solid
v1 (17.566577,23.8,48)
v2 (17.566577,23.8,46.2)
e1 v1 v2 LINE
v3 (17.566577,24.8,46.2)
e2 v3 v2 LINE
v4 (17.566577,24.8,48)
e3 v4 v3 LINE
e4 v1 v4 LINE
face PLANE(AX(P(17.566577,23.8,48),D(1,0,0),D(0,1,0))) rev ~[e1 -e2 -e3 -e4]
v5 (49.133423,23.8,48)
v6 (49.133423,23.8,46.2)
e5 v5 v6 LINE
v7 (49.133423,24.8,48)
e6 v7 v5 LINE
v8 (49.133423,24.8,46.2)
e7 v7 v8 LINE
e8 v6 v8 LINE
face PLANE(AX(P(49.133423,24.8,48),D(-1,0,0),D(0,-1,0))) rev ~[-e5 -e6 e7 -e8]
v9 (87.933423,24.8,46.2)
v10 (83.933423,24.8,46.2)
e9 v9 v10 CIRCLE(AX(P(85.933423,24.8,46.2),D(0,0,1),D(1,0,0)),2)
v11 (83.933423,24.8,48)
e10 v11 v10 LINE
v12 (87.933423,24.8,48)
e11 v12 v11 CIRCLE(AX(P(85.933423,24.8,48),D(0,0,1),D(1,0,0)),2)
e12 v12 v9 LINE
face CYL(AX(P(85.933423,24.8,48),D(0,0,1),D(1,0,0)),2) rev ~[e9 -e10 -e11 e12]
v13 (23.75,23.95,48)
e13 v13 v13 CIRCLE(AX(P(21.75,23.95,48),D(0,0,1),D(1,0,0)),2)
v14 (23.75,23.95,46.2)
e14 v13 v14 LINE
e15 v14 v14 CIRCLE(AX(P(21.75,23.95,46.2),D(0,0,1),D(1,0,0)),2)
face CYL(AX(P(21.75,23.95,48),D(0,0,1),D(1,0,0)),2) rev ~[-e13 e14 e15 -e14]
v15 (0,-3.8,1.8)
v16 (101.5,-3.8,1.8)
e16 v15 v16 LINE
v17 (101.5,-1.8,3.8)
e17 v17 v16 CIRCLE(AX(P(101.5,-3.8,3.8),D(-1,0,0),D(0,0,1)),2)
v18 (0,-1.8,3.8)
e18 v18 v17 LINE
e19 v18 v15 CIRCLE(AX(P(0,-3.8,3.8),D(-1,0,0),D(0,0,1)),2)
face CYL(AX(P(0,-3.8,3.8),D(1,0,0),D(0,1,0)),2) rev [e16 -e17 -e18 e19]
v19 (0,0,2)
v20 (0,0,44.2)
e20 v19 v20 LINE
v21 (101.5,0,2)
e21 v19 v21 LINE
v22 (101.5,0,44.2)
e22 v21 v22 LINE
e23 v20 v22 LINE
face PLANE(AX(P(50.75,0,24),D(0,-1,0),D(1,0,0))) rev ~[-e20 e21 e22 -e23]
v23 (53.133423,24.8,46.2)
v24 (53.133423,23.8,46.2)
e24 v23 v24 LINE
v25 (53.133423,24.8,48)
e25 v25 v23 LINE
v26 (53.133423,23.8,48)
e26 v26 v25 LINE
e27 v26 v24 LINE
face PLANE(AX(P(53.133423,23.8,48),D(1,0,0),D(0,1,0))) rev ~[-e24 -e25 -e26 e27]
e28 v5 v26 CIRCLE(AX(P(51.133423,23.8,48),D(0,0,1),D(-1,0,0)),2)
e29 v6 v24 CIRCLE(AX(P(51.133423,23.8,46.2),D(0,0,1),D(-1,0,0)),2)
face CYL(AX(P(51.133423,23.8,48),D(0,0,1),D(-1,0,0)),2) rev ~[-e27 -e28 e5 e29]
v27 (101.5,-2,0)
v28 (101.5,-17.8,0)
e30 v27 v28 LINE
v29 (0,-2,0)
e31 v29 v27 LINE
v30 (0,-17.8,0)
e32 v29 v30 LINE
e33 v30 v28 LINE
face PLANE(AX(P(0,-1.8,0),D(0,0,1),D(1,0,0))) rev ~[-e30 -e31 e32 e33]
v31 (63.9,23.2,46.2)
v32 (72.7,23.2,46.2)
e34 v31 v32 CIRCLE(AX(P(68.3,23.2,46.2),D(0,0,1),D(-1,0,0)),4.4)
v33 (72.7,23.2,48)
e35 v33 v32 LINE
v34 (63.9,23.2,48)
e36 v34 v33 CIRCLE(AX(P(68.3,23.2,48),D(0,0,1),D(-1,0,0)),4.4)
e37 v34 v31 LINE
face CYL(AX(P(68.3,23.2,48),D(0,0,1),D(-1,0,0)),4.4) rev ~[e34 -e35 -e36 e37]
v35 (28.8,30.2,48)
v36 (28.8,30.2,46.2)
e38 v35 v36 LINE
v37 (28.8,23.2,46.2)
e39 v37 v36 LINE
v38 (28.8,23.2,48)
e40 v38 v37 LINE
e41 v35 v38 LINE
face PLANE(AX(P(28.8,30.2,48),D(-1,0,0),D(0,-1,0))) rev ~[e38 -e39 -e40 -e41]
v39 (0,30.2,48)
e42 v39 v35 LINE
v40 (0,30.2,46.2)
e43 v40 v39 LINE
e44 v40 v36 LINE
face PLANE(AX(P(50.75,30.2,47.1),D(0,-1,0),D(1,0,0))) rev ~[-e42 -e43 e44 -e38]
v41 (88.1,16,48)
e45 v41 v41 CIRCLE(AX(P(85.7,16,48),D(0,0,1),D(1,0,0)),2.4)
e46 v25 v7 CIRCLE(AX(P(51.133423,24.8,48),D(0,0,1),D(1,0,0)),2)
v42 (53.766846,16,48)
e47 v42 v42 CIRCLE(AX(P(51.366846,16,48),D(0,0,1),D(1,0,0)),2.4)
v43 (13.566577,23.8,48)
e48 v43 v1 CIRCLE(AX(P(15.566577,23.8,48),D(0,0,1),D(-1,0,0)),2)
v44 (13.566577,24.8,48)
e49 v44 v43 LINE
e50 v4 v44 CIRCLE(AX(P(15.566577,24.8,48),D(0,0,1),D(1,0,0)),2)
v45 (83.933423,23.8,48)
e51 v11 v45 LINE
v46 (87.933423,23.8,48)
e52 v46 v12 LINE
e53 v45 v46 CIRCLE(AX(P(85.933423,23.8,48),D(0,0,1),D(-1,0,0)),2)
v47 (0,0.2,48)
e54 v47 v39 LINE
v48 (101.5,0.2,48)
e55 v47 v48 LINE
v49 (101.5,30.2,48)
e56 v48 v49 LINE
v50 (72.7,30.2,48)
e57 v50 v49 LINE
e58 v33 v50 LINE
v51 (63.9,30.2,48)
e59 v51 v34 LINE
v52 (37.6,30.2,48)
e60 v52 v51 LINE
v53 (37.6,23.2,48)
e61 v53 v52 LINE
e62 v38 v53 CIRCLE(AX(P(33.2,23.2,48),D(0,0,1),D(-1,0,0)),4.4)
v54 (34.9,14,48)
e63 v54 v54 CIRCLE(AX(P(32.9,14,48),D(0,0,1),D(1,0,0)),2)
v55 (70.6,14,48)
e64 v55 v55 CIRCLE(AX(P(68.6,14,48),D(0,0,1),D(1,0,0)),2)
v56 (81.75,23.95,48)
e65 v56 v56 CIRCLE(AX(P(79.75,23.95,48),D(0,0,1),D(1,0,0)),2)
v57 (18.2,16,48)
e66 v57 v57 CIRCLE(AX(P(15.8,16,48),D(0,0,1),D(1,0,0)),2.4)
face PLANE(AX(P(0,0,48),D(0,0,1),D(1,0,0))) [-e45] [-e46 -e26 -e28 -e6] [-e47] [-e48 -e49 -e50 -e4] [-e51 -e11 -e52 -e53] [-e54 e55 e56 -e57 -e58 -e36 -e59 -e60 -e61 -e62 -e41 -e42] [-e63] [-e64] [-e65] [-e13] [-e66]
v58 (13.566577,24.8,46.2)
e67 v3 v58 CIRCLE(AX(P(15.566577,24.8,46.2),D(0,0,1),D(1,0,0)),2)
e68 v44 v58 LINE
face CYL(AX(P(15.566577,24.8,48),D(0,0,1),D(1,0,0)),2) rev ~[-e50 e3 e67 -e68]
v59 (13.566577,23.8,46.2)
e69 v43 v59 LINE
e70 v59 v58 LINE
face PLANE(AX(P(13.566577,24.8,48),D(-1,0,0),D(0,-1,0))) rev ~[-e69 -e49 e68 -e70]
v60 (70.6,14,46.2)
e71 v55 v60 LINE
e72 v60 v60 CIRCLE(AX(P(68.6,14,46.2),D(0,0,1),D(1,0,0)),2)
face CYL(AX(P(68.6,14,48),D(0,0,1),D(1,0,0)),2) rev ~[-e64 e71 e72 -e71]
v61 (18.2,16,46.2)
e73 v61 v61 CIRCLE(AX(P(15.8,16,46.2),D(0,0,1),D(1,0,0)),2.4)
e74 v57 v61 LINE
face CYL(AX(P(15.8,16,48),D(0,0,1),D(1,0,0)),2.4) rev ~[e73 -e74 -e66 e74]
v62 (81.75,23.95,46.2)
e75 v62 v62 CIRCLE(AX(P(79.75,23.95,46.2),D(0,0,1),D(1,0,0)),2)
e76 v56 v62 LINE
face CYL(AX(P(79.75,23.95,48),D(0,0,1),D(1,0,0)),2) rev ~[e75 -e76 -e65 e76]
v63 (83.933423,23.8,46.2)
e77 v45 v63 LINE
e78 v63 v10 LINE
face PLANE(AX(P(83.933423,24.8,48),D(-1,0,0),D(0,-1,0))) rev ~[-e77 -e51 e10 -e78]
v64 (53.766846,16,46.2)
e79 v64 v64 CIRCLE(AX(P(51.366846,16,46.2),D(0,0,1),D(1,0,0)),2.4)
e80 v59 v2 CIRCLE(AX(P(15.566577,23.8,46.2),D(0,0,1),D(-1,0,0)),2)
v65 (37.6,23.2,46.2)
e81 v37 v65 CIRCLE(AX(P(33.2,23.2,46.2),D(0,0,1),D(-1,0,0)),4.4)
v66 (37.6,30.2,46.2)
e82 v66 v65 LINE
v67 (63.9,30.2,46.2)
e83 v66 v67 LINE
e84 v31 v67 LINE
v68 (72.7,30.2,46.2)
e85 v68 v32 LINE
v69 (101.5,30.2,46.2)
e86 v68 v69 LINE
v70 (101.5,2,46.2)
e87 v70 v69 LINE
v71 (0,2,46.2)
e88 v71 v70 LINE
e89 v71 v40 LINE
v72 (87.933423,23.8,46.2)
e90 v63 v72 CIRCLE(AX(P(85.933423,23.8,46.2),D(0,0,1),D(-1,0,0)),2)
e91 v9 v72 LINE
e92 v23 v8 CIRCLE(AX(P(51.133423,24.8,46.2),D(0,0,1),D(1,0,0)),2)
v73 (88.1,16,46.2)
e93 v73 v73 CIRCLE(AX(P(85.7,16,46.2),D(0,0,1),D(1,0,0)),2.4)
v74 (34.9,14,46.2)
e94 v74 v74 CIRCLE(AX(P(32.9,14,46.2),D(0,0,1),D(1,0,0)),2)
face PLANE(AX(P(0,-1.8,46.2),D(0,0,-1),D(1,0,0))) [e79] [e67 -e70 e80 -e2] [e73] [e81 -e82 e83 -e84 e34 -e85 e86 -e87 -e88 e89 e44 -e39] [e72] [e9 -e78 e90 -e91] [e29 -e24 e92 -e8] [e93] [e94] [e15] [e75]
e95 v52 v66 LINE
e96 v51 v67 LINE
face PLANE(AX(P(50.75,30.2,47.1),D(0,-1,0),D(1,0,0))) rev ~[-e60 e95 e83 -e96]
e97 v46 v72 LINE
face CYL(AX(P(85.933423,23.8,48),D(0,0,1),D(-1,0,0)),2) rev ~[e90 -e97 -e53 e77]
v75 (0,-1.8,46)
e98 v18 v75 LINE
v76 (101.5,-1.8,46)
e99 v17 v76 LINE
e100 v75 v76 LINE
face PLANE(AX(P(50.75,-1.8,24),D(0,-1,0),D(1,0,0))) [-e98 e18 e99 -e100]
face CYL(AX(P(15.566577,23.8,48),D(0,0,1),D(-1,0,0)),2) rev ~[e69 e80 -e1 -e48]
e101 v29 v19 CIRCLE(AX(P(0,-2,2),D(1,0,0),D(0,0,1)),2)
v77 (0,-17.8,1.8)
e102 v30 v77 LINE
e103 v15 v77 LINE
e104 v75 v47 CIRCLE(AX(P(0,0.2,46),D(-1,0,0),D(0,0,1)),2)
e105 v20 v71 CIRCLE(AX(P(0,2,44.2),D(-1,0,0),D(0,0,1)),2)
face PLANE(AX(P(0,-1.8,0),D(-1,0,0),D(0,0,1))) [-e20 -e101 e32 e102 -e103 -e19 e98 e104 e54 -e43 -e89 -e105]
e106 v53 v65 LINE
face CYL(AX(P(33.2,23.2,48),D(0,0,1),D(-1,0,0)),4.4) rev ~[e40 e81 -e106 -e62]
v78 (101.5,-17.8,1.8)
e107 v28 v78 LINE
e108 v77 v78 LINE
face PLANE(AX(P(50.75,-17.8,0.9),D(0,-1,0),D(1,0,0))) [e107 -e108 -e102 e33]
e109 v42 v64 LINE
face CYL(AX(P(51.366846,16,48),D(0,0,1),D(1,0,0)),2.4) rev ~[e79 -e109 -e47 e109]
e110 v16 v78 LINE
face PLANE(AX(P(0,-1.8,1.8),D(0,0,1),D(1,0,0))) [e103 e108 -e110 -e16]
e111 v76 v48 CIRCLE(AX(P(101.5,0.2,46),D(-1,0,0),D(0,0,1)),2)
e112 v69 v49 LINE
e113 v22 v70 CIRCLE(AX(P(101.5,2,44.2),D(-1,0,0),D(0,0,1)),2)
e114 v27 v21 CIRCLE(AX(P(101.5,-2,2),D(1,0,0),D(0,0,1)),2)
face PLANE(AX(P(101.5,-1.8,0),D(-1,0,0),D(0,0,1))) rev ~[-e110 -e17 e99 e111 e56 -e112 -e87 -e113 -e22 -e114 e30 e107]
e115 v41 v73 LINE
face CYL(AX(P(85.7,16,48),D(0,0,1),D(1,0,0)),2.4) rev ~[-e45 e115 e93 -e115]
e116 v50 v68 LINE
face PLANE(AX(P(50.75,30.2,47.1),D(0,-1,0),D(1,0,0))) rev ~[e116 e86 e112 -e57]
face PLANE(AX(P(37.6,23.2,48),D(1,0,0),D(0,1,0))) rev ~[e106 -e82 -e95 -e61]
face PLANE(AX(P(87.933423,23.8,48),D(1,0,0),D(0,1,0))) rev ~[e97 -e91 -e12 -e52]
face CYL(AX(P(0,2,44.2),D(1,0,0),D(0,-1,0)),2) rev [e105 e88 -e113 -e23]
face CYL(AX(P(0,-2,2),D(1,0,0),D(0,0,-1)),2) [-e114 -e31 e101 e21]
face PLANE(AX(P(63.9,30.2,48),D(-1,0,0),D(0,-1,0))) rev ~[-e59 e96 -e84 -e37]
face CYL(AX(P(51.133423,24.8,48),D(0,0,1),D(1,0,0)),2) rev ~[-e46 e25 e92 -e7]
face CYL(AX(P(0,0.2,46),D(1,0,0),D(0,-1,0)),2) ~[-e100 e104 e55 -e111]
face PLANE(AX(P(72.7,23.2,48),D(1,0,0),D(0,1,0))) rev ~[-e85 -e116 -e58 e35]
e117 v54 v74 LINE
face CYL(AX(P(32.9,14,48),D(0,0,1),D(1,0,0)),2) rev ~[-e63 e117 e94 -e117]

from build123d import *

# Parameters (mm, degrees)
F0_W     = 101.5
F0_H     = 48
F1_DEPTH = 1.8
F2_W     = 101.5
F2_H     = 1.8
F3_DEPTH = 16
F4_DEPTH = 32
F5_R     = 2
F6_R     = 2.4
F6_R_2   = 2
F7_DEPTH = 48.001


with BuildPart() as f1:
    # F0 (on Front) → F1 (new body)
    with BuildSketch(Plane.XZ):
        with Locations((50.75, 24)):
            Rectangle(F0_W, F0_H)
    extrude(amount=F1_DEPTH)

    # F2 (on face) → F3 (join)
    with BuildSketch(Plane.XZ.offset(1.8)):
        with Locations((50.75, 0.9)):
            Rectangle(F2_W, F2_H)
    extrude(amount=F3_DEPTH)

    # F2 (on face) → F4 (join)
    with BuildSketch(Plane.XZ.offset(1.8)):
        with Locations((50.75, 47.1)):
            Rectangle(F2_W, F2_H)
    extrude(amount=-F4_DEPTH)

    # F5
    f5_edges = [f1.edges().sort_by_distance(p)[0] for p in [
        (50.75, -1.8, 48),
        (50.75, -1.8, 1.8),
        (50.75, 0, 46.2),
        (50.75, 0, 0),
    ]]
    fillet(f5_edges, radius=F5_R)

    # F6 (on face) → F7 (cut, through all)
    with BuildSketch(Plane.XY.offset(48)):
        with Locations((15.8, 16)):
            Circle(F6_R)
        with Locations((21.75, 23.95)):
            Circle(F6_R_2)
        with BuildLine():
            ThreePointArc((17.5665768757, 24.8), (15.5665768757, 26.8), (13.5665768757, 24.8))
            Line((13.5665768757, 24.8), (13.5665768757, 23.8))
            ThreePointArc((13.5665768757, 23.8), (15.5665768757, 21.8), (17.5665768757, 23.8))
            Line((17.5665768757, 23.8), (17.5665768757, 24.8))
        make_face()
        with Locations((32.9, 14)):
            Circle(F6_R_2)
        with BuildLine():
            Line((87.9334231243, 23.8), (87.9334231243, 24.8))
            ThreePointArc((87.9334231243, 24.8), (85.9334231243, 26.8), (83.9334231243, 24.8))
            Line((83.9334231243, 24.8), (83.9334231243, 23.8))
            ThreePointArc((83.9334231243, 23.8), (85.9334231243, 21.8), (87.9334231243, 23.8))
        make_face()
        with Locations((79.75, 23.95)):
            Circle(F6_R_2)
        with Locations((85.7, 16)):
            Circle(F6_R)
        with Locations((68.6, 14)):
            Circle(F6_R_2)
        with BuildLine():
            Line((53.1334231243, 23.8), (53.1334231243, 24.8))
            ThreePointArc((53.1334231243, 24.8), (51.1334231243, 26.8), (49.1334231243, 24.8))
            Line((49.1334231243, 24.8), (49.1334231243, 23.8))
            ThreePointArc((49.1334231243, 23.8), (51.1334231243, 21.8), (53.1334231243, 23.8))
        make_face()
        with Locations((51.3668462485, 16)):
            Circle(F6_R)
        with BuildLine():
            Line((37.6, 30.2), (28.8, 30.2))
            Line((28.8, 30.2), (28.8, 23.2))
            ThreePointArc((28.8, 23.2), (33.2, 18.8), (37.6, 23.2))
            Line((37.6, 23.2), (37.6, 30.2))
        make_face()
        with BuildLine():
            Line((72.7, 30.2), (63.9, 30.2))
            Line((63.9, 30.2), (63.9, 23.2))
            ThreePointArc((63.9, 23.2), (68.3, 18.8), (72.7, 23.2))
            Line((72.7, 23.2), (72.7, 30.2))
        make_face()
    extrude(amount=-F7_DEPTH, mode=Mode.SUBTRACT)


solid = f1.part
